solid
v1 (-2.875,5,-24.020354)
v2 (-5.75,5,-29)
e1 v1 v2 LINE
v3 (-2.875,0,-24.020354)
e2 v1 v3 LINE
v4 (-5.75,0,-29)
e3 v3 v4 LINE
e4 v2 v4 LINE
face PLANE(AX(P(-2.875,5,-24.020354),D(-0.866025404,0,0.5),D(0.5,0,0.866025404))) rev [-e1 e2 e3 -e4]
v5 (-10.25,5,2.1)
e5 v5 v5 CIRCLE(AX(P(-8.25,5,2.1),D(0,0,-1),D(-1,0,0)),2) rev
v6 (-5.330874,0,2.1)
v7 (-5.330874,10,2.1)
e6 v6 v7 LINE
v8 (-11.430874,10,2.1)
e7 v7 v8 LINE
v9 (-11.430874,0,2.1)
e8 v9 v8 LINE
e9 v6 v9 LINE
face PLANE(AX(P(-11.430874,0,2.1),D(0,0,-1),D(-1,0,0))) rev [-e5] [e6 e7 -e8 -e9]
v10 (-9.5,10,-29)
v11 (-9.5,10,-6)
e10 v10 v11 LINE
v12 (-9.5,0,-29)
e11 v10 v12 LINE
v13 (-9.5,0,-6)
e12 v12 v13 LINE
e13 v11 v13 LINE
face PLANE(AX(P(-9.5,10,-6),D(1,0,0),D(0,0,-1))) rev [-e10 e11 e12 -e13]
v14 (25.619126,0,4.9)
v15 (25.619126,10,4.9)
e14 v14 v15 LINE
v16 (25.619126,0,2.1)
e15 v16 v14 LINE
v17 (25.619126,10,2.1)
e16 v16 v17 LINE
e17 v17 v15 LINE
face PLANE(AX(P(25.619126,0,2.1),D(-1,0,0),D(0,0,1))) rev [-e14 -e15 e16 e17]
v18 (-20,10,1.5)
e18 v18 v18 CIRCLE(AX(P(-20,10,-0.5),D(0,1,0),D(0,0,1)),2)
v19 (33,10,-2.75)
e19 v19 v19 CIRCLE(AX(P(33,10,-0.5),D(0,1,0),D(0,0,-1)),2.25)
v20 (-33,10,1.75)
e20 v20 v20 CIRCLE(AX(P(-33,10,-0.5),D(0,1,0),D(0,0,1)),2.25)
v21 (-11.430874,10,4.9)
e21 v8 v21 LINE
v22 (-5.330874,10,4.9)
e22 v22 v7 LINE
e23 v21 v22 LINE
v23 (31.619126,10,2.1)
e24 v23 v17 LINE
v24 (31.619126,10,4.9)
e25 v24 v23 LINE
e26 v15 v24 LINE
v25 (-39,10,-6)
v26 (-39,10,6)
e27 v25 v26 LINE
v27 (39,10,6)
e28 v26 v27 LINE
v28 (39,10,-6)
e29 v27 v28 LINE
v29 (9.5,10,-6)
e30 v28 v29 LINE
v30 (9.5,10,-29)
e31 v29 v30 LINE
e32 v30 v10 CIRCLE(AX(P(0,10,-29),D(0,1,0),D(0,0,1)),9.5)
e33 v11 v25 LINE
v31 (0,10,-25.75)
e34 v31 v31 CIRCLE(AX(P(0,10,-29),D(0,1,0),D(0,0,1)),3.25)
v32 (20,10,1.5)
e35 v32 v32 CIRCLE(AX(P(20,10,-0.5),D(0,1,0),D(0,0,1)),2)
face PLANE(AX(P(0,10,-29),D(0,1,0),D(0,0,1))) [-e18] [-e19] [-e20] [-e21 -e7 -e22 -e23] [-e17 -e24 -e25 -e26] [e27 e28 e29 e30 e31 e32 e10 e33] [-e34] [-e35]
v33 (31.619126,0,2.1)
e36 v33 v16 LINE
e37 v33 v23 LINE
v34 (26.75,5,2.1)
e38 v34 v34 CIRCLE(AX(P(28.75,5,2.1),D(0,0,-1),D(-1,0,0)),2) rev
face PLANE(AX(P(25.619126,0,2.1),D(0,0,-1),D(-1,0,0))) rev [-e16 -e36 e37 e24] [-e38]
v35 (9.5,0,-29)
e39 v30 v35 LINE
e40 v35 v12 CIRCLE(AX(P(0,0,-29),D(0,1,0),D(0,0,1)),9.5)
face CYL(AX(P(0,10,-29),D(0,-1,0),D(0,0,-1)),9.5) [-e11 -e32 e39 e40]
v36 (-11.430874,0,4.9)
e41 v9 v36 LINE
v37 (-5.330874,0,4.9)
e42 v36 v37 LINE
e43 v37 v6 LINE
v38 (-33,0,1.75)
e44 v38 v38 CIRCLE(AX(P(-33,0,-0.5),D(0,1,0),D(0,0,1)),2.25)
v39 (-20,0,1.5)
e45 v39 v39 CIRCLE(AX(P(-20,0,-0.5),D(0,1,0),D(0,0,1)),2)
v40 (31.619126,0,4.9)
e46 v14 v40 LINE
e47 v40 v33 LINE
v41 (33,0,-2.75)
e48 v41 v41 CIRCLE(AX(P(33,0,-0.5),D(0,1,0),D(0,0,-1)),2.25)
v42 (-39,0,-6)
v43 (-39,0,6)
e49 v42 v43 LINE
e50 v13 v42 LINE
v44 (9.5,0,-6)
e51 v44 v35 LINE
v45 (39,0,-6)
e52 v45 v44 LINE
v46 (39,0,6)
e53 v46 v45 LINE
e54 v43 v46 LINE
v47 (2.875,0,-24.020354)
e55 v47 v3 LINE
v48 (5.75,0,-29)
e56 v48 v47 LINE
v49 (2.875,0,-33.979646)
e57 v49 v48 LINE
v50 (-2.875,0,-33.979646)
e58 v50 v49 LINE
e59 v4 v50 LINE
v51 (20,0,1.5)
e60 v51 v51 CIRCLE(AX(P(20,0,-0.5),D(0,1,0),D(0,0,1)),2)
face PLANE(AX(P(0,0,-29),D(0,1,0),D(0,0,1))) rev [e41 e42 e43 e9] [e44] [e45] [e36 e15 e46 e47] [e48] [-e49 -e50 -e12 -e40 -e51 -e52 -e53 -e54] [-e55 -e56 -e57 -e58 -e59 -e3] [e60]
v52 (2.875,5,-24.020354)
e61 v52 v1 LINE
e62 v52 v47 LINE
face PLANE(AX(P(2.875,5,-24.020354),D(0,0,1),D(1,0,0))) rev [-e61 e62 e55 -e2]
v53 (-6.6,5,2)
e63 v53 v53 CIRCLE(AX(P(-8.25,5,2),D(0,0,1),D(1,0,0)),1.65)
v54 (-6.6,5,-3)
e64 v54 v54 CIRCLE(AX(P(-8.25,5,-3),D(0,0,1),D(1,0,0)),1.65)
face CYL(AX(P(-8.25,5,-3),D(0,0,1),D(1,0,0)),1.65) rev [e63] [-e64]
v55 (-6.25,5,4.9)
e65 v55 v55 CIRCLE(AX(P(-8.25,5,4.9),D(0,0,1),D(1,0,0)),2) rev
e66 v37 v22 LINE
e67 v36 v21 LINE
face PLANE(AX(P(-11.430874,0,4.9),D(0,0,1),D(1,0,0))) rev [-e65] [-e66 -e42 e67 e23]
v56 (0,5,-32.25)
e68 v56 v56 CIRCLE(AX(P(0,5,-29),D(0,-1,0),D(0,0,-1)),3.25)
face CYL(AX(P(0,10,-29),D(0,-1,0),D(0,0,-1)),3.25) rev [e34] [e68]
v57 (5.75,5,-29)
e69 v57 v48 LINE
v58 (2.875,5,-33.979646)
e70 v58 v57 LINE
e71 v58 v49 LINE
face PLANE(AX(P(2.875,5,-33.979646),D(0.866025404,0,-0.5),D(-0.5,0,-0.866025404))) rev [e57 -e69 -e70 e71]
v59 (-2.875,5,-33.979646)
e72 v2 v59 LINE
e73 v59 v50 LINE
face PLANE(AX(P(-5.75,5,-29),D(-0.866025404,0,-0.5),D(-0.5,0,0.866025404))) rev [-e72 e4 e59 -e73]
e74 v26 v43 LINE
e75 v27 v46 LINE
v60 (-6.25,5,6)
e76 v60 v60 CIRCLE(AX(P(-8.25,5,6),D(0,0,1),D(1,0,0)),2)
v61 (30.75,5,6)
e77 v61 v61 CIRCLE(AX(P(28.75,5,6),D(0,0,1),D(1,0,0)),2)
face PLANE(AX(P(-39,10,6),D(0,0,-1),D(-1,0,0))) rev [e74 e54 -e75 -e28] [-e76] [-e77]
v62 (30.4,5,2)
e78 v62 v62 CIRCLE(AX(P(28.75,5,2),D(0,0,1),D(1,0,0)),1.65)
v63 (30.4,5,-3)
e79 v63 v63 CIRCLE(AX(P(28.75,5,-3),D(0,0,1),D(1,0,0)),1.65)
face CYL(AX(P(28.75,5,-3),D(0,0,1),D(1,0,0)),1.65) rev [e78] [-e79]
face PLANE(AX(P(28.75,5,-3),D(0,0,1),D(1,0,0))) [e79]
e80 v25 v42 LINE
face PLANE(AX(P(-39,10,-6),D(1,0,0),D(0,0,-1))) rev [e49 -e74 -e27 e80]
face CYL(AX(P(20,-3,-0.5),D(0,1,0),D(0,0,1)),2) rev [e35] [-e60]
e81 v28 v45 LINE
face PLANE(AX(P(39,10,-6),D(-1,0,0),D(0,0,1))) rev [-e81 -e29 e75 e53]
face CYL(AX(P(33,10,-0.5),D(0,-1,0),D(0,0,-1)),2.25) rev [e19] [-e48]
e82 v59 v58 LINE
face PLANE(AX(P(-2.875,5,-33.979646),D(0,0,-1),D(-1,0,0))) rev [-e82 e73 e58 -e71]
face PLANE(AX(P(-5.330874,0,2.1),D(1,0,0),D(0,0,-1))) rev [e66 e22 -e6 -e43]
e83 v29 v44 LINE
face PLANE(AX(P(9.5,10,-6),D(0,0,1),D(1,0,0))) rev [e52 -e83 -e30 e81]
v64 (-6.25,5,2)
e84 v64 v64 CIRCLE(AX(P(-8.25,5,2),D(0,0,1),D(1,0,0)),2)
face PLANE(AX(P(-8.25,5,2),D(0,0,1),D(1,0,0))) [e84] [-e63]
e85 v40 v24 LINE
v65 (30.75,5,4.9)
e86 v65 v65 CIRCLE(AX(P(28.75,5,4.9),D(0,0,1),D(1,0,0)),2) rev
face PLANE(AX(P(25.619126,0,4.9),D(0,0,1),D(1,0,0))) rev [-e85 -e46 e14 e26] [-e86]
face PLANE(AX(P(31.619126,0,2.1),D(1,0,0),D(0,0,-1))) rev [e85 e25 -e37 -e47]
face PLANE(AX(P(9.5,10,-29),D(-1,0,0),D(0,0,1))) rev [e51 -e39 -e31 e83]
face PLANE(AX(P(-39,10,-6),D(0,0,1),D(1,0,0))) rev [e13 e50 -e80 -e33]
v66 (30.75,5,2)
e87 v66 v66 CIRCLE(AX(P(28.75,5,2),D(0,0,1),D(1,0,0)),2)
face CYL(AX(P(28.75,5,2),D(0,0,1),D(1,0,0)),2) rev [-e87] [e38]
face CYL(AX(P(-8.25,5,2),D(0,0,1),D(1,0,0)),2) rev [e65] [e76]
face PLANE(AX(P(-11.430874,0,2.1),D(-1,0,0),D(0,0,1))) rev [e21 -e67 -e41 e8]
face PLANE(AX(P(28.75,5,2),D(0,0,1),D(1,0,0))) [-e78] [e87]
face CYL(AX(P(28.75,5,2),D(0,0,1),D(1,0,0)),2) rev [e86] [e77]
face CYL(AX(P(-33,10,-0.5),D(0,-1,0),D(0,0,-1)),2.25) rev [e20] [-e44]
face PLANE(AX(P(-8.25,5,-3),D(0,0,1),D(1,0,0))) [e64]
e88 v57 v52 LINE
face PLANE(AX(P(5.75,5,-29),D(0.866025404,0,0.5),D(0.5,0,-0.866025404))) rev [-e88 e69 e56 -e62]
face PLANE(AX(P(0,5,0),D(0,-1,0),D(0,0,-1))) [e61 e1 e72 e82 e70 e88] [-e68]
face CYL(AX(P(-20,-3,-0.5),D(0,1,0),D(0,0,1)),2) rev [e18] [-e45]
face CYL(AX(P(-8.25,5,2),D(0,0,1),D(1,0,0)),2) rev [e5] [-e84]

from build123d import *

# Parameters (mm, degrees)
IZIM1_R                     = 3.25
IZIM1_R_2                   = 2.25
Y_KSEKLIK_EKSTR_ZYON1_DEPTH = 10
KES_EKSTR_ZYON1_DEPTH       = 5
IZIM3_R                     = 2
KES_EKSTR_ZYON4_DEPTH       = 4
IZIM4_W                     = 6.1
IZIM4_H                     = 2.8
IZIM4_W_2                   = 6
KES_EKSTR_ZYON5_DEPTH       = 10
IZIM5_R                     = 1.65
KES_EKSTR_ZYON6_DEPTH       = 5
IZIM6_R                     = 2
KES_EKSTR_ZYON7_DEPTH       = 13


with BuildPart() as part:
    # Çizim1 → Yükseklik-Ekstrüzyon1 (new body)
    with BuildSketch(Plane(origin=(0, 0, 0), x_dir=(1, 0, 0), z_dir=(0, 1, 0))):
        with BuildLine():
            Line((9.5, 6), (39, 6))
            Line((39, 6), (39, -6))
            Line((39, -6), (-39, -6))
            Line((-39, -6), (-39, 6))
            Line((-39, 6), (-9.5, 6))
            Line((-9.5, 6), (-9.5, 29))
            ThreePointArc((-9.5, 29), (0, 38.5), (9.5, 29))
            Line((9.5, 29), (9.5, 6))
        make_face()
        with Locations(Location((0, 29, 0), (0, 0, 270))):
            Circle(IZIM1_R, mode=Mode.SUBTRACT)
        with Locations(Location((-33, 0.5, 0), (0, 0, 270))):
            Circle(IZIM1_R_2, mode=Mode.SUBTRACT)
        with Locations(Location((33, 0.5, 0), (0, 0, 90))):
            Circle(IZIM1_R_2, mode=Mode.SUBTRACT)
    extrude(amount=Y_KSEKLIK_EKSTR_ZYON1_DEPTH)

    # Çizim2 → Kes-Ekstrüzyon1 (cut)
    with BuildSketch(Plane.XZ):
        Polygon((5.75, -29), (2.875, -24.020353928), (-2.875, -24.020353928), (-5.75, -29), (-2.875, -33.979646072), (2.875, -33.979646072), align=None)
    extrude(amount=-KES_EKSTR_ZYON1_DEPTH, mode=Mode.SUBTRACT)

    # Çizim3 → Kes-Ekstrüzyon4 (cut)
    with BuildSketch(Plane.XY.offset(6)):
        with Locations((-8.25, 5)):
            Circle(IZIM3_R)
        with Locations((28.75, 5)):
            Circle(IZIM3_R)
    extrude(amount=-KES_EKSTR_ZYON4_DEPTH, mode=Mode.SUBTRACT)

    # Çizim4 → Kes-Ekstrüzyon5 (cut)
    with BuildSketch(Plane(origin=(0, 10, 0), x_dir=(1, 0, 0), z_dir=(0, 1, 0))):
        with Locations((-8.380873527, -3.5)):
            Rectangle(IZIM4_W, IZIM4_H)
        with Locations((28.619126473, -3.5)):
            Rectangle(IZIM4_W_2, IZIM4_H)
    extrude(amount=-KES_EKSTR_ZYON5_DEPTH, mode=Mode.SUBTRACT)

    # Çizim5 → Kes-Ekstrüzyon6 (cut)
    with BuildSketch(Plane.XY.offset(2)):
        with Locations((-8.25, 5)):
            Circle(IZIM5_R)
        with Locations((28.75, 5)):
            Circle(IZIM5_R)
    extrude(amount=-KES_EKSTR_ZYON6_DEPTH, mode=Mode.SUBTRACT)

    # Çizim6 → Kes-Ekstrüzyon7 (cut)
    with BuildSketch(Plane(origin=(0, 10, 0), x_dir=(1, 0, 0), z_dir=(0, 1, 0))):
        with Locations(Location((-20, 0.5, 0), (0, 0, 270))):
            Circle(IZIM6_R)
        with Locations(Location((20, 0.5, 0), (0, 0, 270))):
            Circle(IZIM6_R)
    extrude(amount=-KES_EKSTR_ZYON7_DEPTH, mode=Mode.SUBTRACT)


solid = part.part
